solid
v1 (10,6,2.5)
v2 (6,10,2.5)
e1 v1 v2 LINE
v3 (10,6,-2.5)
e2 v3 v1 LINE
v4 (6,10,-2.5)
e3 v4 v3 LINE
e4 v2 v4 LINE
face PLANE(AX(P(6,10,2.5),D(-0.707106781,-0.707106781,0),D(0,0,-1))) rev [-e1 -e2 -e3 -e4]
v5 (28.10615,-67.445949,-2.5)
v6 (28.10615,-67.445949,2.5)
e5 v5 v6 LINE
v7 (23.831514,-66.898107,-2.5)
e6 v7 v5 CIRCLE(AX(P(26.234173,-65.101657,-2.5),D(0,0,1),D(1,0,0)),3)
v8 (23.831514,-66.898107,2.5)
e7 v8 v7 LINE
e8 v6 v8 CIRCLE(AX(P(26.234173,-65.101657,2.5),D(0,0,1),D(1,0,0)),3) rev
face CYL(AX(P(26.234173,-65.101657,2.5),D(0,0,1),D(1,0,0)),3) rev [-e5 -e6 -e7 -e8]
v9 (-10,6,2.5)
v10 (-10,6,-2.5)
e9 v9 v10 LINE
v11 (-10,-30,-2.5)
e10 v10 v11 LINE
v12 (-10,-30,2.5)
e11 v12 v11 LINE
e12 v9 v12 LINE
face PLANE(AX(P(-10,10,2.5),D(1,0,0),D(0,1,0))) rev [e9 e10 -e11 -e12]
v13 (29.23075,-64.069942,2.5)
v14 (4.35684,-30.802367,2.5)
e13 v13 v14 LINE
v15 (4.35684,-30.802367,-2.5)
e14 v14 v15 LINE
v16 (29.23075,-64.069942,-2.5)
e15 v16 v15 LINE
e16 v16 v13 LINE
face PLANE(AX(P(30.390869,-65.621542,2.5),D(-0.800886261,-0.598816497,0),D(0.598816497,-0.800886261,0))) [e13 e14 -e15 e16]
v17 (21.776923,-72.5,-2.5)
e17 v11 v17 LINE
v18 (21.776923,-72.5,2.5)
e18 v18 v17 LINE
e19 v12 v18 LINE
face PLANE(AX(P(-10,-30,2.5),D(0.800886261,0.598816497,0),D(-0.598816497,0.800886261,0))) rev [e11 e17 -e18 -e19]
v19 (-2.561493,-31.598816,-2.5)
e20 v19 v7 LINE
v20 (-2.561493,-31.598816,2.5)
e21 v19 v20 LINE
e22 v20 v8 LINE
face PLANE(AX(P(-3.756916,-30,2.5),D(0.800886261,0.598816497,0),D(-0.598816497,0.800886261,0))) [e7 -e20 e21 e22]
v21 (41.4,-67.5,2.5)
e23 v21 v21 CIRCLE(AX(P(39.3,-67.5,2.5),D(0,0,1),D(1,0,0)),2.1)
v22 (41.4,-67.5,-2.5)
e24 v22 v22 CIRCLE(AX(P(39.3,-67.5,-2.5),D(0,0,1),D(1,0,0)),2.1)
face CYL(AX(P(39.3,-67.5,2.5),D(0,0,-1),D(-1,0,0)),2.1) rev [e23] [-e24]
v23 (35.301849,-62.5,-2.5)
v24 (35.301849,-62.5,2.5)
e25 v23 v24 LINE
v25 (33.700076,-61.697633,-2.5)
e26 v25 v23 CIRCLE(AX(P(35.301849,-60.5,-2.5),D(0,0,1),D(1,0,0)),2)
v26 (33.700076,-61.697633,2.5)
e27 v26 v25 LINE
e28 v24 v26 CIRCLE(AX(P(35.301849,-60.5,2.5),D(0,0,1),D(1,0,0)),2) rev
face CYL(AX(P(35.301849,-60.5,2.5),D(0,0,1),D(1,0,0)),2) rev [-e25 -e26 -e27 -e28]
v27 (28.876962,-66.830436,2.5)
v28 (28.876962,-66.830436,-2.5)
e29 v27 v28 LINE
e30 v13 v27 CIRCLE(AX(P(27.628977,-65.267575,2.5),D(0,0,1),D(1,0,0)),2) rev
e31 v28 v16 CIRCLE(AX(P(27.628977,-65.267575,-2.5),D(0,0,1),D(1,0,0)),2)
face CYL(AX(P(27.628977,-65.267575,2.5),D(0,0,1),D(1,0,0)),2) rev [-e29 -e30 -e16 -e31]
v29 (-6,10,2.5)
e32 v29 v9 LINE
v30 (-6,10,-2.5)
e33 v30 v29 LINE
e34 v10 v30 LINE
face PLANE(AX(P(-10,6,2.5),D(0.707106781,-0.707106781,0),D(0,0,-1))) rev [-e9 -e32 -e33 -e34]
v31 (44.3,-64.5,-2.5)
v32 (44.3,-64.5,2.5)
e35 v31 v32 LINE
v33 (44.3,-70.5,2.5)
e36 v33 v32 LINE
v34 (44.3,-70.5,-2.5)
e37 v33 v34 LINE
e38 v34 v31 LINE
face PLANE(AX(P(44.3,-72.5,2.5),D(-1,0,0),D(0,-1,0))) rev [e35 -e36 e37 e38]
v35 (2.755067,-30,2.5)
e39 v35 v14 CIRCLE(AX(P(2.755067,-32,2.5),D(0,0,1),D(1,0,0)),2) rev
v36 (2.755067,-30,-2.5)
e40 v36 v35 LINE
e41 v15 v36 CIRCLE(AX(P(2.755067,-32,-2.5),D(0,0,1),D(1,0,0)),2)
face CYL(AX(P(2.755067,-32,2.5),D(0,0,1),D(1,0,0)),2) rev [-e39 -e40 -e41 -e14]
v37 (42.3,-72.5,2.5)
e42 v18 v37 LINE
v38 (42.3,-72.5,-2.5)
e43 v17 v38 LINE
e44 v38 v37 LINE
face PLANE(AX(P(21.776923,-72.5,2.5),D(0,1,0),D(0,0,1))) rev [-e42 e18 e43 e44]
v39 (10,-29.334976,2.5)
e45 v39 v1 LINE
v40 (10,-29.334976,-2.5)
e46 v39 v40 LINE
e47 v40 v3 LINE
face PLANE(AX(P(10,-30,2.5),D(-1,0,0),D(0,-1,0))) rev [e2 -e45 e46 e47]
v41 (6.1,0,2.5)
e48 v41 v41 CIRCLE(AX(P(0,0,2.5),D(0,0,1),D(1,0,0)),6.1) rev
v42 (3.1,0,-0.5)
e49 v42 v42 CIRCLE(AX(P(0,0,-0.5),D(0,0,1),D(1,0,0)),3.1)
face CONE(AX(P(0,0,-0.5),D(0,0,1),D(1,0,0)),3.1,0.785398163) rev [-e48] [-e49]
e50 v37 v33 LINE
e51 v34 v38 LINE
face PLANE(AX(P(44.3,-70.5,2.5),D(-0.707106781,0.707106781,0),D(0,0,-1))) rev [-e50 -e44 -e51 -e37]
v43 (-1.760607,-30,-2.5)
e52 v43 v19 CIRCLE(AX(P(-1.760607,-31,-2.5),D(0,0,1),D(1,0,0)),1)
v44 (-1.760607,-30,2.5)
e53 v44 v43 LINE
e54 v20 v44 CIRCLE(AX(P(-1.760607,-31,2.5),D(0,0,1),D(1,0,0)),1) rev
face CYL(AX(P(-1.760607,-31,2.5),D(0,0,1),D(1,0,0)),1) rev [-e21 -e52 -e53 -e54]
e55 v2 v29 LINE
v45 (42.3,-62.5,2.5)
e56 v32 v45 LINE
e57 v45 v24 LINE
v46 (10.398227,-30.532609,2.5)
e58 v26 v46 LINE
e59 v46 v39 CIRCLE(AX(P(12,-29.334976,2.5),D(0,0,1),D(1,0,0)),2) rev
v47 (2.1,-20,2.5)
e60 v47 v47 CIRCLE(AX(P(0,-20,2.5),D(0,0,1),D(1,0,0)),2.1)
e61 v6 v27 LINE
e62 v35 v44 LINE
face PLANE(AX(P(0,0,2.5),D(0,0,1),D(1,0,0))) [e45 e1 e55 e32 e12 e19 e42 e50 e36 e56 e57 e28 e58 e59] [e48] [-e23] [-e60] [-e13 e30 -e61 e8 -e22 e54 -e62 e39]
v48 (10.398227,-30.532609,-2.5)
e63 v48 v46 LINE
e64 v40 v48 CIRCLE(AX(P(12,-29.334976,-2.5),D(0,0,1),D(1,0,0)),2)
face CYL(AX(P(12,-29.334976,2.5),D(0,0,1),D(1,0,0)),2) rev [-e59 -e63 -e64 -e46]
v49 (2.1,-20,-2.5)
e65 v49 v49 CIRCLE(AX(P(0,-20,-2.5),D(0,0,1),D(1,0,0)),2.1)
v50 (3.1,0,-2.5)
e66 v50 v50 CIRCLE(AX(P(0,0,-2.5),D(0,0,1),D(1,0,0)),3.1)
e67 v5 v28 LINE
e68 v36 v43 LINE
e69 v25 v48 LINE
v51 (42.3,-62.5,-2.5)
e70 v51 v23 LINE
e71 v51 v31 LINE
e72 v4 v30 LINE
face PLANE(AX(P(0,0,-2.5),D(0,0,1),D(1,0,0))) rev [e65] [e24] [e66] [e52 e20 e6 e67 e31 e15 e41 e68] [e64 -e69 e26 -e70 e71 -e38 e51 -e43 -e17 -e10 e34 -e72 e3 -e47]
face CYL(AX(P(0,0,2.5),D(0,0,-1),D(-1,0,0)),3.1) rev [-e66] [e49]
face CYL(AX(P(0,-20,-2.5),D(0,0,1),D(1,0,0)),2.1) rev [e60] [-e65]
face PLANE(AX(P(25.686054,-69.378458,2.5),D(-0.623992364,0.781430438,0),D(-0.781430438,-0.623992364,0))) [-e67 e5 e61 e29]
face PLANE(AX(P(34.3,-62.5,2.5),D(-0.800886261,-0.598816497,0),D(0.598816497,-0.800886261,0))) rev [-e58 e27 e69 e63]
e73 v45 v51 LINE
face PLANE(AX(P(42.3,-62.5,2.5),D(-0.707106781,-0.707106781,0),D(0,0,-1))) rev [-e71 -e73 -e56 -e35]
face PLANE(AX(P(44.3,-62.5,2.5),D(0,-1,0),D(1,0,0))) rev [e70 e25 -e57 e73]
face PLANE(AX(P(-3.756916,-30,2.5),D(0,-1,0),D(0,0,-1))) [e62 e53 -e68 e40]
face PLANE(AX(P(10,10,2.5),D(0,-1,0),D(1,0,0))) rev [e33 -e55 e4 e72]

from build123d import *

# Parameters (mm, degrees)
SKETCH_1_R          = 2.1
SKETCH_1_R_2        = 3.1
EXTRUDE_1_DEPTH     = 2.5
FILLET_1_R          = 2
FILLET_2_R          = 3
CHAMFER_1_SIZE      = 4
CHAMFER_2_SIZE      = 2
FILLET_3_R          = 1
SKETCH_2_R          = 2.1
CUT_EXTRUDE_1_DEPTH = 5
CHAMFER_3_SIZE      = 3


with BuildPart() as part:
    # 草图1 → 凸台-拉伸1 (new, symmetric)
    with BuildSketch(Plane.XY):
        Polygon((-10, 10), (-10, -30), (21.776923077, -72.5), (44.3, -72.5), (44.3, -62.5), (34.3, -62.5), (10, -30), (10, 10), align=None)
        with Locations((39.3, -67.5)):
            Circle(SKETCH_1_R, mode=Mode.SUBTRACT)
        Circle(SKETCH_1_R_2, mode=Mode.SUBTRACT)
        Polygon((-3.756916253, -30), (3.756916253, -30), (30.3908691, -65.621541874), (25.686053977, -69.378458126), align=None, mode=Mode.SUBTRACT)
    extrude(amount=EXTRUDE_1_DEPTH, both=True)

    # 圆角1
    fillet_1_edges = [part.edges().sort_by_distance(p)[0] for p in [
        (10, -30, 0),
        (34.3, -62.5, 0),
        (30.3908691, -65.621541874, 0),
        (3.756916253, -30, 0),
    ]]
    fillet(fillet_1_edges, radius=FILLET_1_R)

    # 圆角2
    fillet_2_edges = [part.edges().sort_by_distance(p)[0] for p in [
        (25.686053977, -69.378458126, 0),
    ]]
    fillet(fillet_2_edges, radius=FILLET_2_R)

    # 倒角1
    chamfer_1_edges = [part.edges().sort_by_distance(p)[0] for p in [
        (10, 10, 0),
        (-10, 10, 0),
    ]]
    chamfer(chamfer_1_edges, length=CHAMFER_1_SIZE)

    # 倒角2
    chamfer_2_edges = [part.edges().sort_by_distance(p)[0] for p in [
        (44.3, -62.5, 0),
        (44.3, -72.5, 0),
    ]]
    chamfer(chamfer_2_edges, length=CHAMFER_2_SIZE)

    # 圆角3
    fillet_3_edges = [part.edges().sort_by_distance(p)[0] for p in [
        (-3.756916253, -30, 0),
    ]]
    fillet(fillet_3_edges, radius=FILLET_3_R)

    # 草图2 → 切除-拉伸1 (cut)
    with BuildSketch(Plane.XY.offset(2.5)):
        with Locations((0, -20)):
            Circle(SKETCH_2_R)
    extrude(amount=-CUT_EXTRUDE_1_DEPTH, mode=Mode.SUBTRACT)

    # 倒角3
    chamfer_3_edges = [part.edges().sort_by_distance(p)[0] for p in [
        (-3.1, 0, 2.5),
    ]]
    chamfer(chamfer_3_edges, length=CHAMFER_3_SIZE)


solid = part.part
